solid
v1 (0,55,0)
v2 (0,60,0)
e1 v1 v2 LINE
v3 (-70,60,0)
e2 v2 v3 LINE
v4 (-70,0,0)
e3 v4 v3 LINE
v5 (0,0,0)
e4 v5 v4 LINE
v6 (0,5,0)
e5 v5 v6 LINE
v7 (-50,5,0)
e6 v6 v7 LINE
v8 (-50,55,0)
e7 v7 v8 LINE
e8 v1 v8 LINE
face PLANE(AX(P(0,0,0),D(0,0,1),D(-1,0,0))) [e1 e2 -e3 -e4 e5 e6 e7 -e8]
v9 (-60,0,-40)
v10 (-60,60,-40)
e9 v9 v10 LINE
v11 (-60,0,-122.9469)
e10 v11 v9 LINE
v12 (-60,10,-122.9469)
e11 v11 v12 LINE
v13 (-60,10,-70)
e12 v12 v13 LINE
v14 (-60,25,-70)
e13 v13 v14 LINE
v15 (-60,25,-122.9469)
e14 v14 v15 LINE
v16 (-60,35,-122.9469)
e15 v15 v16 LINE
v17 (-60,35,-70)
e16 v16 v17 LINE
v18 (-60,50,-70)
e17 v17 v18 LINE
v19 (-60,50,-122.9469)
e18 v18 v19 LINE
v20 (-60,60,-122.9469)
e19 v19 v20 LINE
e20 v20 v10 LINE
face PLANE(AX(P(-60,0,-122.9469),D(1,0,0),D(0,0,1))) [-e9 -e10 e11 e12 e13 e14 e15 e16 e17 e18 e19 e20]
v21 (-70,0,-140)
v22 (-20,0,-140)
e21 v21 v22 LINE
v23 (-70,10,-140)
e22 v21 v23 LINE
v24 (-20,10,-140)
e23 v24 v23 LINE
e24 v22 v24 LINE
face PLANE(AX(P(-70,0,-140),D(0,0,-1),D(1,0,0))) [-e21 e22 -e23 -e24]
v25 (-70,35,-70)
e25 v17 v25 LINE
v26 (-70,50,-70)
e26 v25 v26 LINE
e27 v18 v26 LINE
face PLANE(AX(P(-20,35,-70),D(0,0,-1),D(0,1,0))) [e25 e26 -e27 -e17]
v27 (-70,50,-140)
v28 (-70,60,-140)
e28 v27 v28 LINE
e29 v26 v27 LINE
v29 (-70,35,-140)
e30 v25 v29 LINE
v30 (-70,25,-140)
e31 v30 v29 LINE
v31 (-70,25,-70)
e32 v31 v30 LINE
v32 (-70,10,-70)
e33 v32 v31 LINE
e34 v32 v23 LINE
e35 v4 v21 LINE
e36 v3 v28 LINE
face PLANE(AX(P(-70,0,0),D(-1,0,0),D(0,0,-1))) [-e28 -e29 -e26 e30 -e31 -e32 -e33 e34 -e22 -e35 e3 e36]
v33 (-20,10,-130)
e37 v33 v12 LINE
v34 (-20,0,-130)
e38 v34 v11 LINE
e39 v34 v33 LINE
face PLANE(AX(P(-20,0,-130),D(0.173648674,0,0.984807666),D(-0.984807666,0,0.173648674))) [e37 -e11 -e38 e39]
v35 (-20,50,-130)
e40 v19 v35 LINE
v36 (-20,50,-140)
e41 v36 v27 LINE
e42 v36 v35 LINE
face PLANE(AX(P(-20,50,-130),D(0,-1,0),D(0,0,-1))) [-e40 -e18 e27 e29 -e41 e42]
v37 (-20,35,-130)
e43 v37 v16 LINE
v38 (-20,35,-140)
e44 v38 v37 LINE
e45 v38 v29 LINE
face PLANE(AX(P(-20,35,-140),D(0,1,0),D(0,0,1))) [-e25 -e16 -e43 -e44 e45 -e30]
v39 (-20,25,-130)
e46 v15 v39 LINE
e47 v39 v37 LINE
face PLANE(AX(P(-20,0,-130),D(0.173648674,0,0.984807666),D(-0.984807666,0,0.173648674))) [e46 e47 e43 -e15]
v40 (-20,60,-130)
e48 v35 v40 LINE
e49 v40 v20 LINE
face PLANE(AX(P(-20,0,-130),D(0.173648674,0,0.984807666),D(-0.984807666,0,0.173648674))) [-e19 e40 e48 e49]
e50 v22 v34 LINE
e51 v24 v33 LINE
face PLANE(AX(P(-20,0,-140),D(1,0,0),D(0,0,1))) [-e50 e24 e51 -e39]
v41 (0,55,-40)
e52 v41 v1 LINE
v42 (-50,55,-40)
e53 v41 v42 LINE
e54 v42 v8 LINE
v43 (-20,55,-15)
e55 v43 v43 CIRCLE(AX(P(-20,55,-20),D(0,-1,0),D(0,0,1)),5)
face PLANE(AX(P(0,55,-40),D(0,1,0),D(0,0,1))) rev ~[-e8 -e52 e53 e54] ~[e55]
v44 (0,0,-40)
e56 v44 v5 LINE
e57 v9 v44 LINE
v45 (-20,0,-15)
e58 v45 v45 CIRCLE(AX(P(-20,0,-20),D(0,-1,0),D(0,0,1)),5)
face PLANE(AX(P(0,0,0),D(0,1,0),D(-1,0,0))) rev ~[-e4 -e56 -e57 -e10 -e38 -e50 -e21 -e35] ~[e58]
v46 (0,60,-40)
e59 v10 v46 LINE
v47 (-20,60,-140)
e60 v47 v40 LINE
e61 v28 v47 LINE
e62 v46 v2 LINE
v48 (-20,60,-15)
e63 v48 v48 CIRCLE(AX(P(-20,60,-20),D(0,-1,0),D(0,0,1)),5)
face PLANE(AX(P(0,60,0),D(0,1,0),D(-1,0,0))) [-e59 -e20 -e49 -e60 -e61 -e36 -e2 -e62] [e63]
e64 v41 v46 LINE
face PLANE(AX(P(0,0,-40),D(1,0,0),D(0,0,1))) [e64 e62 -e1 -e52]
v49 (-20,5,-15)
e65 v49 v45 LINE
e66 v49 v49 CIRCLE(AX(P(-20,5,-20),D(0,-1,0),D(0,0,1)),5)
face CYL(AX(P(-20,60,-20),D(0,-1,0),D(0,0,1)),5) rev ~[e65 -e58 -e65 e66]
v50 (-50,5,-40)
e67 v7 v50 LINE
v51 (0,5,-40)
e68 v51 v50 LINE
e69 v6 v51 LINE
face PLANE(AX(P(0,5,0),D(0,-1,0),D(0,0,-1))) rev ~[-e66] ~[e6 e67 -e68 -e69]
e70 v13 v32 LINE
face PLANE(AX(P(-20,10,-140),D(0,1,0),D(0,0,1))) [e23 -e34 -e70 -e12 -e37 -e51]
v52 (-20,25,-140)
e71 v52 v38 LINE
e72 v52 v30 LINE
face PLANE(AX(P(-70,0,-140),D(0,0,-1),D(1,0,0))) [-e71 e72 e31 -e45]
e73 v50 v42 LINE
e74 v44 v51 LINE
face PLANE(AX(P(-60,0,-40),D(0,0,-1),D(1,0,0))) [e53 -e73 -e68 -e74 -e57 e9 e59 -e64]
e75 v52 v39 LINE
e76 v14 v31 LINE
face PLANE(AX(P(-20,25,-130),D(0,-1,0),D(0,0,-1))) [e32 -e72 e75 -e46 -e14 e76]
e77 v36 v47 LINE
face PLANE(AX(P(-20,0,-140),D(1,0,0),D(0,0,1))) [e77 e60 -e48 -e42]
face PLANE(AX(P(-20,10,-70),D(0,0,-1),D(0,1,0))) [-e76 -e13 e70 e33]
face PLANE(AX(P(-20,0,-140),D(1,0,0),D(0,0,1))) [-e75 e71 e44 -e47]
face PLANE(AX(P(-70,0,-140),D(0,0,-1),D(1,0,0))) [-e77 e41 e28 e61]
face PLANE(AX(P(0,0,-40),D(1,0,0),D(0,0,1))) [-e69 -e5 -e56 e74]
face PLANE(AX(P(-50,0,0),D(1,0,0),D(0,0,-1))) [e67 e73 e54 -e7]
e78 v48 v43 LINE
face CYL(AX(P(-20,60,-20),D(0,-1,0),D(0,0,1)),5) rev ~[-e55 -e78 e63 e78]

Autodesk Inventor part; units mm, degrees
ref_plane "YZ Plane" through (0, 0, 0) normal (1, 0, 0) x (0, 1, 0)
ref_plane "XZ Plane" through (0, 0, 0) normal (0, 1, 0) x (-1, 0, 0)
ref_plane "XY Plane" through (0, 0, 0) normal (0, 0, 1) x (1, 0, 0)
sketch "스케치1" plane through (0, 0, 0) normal (0, 1, 0) x (-1, 0, 0)
  line L0 (0, 0) -> (70, 0)
  line L1 (70, 0) -> (70, -140)
  line L2 (70, -140) -> (20, -140)
  line L3 (20, -140) -> (20, -130)
  line L4 (20, -130) -> (60, -122.9469)
  line L5 (60, -122.9469) -> (60, -40)
  line L6 (60, -40) -> (0, -40)
  line L7 (0, -40) -> (0, 0)
  dimension "d0" = 60
  dimension "d1" = 40
  dimension "d2" = 140
  dimension "d3" = 50
  dimension "d4" = 100
  dimension "d5" = 10
  dimension "d6" = 70
extrude "돌출1" add sketch "스케치1" along normal blind 60
sketch "스케치2" plane through (0, 0, 0) normal (1, 0, 0) x (0, 0, -1)
  line L0 (40, 0) -> (0, 0) projected
  line L1 (40, 0) -> (40, 60) projected
  line L2 (0, 60) -> (40, 60) projected
  line L3 (0, 0) -> (0, 60) projected
  line L4 (40, 0) -> (40, 60) projected
  line L5 (0, 5) -> (40, 5)
  line L6 (40, 5) -> (40, 55)
  line L7 (40, 55) -> (0, 55)
  line L8 (0, 55) -> (0, 5)
  dimension "d9" = 5
  dimension "d10" = 5
extrude "돌출2" cut sketch "스케치2" against normal blind 50 contours L5 L3 L7 L1
sketch "스케치3" plane through (-20, 0, -130) normal (1, 0, 0) x (0, 0, -1)
  line L0 (10, 0) -> (0, 0) projected
  line L1 (10, 0) -> (10, 60) projected
  line L2 (0, 60) -> (10, 60) projected
  line L3 (0, 0) -> (0, 60) projected
  line L4 (10, 35) -> (-60, 35)
  line L5 (-60, 35) -> (-60, 50)
  line L6 (-60, 50) -> (10, 50)
  line L7 (10, 50) -> (10, 35)
  line L8 (10, 0) -> (10, 60) projected
  line L9 (10, 10) -> (-60, 10)
  line L10 (-60, 10) -> (-60, 25)
  line L11 (-60, 25) -> (10, 25)
  line L12 (10, 25) -> (10, 10)
  line L13 (-90, 60) -> (-7.0531, 60) projected
  line L14 (-7.0531, 0) -> (-90, 0) projected
  point P0 (-130, 0)
  dimension "d13" = 70
  dimension "d14" = 15
  dimension "d15" = 70
  dimension "d16" = 15
  dimension "d17" = 10
  dimension "d18" = 10
extrude "돌출3" cut sketch "스케치3" against normal blind 50 contours L9 L3 L11 L1 | L9 L10 L11 L3 | L4 L3 L6 L1 | L4 L5 L6 L3
sketch "스케치4" plane through (0, 60, 0) normal (0, 1, 0) x (1, 0, 0)
  line L0 (-70, 0) -> (0, 0) projected
  line L1 (0, 0) -> (0, 40) projected
  point P0 (-20, 20)
  dimension "d21" = 20
  dimension "d22" = 20
hole "구멍1" at (-20, 60, -20) direction (0, -1, 0) diameter 10 end through all
properties part number "claw"
